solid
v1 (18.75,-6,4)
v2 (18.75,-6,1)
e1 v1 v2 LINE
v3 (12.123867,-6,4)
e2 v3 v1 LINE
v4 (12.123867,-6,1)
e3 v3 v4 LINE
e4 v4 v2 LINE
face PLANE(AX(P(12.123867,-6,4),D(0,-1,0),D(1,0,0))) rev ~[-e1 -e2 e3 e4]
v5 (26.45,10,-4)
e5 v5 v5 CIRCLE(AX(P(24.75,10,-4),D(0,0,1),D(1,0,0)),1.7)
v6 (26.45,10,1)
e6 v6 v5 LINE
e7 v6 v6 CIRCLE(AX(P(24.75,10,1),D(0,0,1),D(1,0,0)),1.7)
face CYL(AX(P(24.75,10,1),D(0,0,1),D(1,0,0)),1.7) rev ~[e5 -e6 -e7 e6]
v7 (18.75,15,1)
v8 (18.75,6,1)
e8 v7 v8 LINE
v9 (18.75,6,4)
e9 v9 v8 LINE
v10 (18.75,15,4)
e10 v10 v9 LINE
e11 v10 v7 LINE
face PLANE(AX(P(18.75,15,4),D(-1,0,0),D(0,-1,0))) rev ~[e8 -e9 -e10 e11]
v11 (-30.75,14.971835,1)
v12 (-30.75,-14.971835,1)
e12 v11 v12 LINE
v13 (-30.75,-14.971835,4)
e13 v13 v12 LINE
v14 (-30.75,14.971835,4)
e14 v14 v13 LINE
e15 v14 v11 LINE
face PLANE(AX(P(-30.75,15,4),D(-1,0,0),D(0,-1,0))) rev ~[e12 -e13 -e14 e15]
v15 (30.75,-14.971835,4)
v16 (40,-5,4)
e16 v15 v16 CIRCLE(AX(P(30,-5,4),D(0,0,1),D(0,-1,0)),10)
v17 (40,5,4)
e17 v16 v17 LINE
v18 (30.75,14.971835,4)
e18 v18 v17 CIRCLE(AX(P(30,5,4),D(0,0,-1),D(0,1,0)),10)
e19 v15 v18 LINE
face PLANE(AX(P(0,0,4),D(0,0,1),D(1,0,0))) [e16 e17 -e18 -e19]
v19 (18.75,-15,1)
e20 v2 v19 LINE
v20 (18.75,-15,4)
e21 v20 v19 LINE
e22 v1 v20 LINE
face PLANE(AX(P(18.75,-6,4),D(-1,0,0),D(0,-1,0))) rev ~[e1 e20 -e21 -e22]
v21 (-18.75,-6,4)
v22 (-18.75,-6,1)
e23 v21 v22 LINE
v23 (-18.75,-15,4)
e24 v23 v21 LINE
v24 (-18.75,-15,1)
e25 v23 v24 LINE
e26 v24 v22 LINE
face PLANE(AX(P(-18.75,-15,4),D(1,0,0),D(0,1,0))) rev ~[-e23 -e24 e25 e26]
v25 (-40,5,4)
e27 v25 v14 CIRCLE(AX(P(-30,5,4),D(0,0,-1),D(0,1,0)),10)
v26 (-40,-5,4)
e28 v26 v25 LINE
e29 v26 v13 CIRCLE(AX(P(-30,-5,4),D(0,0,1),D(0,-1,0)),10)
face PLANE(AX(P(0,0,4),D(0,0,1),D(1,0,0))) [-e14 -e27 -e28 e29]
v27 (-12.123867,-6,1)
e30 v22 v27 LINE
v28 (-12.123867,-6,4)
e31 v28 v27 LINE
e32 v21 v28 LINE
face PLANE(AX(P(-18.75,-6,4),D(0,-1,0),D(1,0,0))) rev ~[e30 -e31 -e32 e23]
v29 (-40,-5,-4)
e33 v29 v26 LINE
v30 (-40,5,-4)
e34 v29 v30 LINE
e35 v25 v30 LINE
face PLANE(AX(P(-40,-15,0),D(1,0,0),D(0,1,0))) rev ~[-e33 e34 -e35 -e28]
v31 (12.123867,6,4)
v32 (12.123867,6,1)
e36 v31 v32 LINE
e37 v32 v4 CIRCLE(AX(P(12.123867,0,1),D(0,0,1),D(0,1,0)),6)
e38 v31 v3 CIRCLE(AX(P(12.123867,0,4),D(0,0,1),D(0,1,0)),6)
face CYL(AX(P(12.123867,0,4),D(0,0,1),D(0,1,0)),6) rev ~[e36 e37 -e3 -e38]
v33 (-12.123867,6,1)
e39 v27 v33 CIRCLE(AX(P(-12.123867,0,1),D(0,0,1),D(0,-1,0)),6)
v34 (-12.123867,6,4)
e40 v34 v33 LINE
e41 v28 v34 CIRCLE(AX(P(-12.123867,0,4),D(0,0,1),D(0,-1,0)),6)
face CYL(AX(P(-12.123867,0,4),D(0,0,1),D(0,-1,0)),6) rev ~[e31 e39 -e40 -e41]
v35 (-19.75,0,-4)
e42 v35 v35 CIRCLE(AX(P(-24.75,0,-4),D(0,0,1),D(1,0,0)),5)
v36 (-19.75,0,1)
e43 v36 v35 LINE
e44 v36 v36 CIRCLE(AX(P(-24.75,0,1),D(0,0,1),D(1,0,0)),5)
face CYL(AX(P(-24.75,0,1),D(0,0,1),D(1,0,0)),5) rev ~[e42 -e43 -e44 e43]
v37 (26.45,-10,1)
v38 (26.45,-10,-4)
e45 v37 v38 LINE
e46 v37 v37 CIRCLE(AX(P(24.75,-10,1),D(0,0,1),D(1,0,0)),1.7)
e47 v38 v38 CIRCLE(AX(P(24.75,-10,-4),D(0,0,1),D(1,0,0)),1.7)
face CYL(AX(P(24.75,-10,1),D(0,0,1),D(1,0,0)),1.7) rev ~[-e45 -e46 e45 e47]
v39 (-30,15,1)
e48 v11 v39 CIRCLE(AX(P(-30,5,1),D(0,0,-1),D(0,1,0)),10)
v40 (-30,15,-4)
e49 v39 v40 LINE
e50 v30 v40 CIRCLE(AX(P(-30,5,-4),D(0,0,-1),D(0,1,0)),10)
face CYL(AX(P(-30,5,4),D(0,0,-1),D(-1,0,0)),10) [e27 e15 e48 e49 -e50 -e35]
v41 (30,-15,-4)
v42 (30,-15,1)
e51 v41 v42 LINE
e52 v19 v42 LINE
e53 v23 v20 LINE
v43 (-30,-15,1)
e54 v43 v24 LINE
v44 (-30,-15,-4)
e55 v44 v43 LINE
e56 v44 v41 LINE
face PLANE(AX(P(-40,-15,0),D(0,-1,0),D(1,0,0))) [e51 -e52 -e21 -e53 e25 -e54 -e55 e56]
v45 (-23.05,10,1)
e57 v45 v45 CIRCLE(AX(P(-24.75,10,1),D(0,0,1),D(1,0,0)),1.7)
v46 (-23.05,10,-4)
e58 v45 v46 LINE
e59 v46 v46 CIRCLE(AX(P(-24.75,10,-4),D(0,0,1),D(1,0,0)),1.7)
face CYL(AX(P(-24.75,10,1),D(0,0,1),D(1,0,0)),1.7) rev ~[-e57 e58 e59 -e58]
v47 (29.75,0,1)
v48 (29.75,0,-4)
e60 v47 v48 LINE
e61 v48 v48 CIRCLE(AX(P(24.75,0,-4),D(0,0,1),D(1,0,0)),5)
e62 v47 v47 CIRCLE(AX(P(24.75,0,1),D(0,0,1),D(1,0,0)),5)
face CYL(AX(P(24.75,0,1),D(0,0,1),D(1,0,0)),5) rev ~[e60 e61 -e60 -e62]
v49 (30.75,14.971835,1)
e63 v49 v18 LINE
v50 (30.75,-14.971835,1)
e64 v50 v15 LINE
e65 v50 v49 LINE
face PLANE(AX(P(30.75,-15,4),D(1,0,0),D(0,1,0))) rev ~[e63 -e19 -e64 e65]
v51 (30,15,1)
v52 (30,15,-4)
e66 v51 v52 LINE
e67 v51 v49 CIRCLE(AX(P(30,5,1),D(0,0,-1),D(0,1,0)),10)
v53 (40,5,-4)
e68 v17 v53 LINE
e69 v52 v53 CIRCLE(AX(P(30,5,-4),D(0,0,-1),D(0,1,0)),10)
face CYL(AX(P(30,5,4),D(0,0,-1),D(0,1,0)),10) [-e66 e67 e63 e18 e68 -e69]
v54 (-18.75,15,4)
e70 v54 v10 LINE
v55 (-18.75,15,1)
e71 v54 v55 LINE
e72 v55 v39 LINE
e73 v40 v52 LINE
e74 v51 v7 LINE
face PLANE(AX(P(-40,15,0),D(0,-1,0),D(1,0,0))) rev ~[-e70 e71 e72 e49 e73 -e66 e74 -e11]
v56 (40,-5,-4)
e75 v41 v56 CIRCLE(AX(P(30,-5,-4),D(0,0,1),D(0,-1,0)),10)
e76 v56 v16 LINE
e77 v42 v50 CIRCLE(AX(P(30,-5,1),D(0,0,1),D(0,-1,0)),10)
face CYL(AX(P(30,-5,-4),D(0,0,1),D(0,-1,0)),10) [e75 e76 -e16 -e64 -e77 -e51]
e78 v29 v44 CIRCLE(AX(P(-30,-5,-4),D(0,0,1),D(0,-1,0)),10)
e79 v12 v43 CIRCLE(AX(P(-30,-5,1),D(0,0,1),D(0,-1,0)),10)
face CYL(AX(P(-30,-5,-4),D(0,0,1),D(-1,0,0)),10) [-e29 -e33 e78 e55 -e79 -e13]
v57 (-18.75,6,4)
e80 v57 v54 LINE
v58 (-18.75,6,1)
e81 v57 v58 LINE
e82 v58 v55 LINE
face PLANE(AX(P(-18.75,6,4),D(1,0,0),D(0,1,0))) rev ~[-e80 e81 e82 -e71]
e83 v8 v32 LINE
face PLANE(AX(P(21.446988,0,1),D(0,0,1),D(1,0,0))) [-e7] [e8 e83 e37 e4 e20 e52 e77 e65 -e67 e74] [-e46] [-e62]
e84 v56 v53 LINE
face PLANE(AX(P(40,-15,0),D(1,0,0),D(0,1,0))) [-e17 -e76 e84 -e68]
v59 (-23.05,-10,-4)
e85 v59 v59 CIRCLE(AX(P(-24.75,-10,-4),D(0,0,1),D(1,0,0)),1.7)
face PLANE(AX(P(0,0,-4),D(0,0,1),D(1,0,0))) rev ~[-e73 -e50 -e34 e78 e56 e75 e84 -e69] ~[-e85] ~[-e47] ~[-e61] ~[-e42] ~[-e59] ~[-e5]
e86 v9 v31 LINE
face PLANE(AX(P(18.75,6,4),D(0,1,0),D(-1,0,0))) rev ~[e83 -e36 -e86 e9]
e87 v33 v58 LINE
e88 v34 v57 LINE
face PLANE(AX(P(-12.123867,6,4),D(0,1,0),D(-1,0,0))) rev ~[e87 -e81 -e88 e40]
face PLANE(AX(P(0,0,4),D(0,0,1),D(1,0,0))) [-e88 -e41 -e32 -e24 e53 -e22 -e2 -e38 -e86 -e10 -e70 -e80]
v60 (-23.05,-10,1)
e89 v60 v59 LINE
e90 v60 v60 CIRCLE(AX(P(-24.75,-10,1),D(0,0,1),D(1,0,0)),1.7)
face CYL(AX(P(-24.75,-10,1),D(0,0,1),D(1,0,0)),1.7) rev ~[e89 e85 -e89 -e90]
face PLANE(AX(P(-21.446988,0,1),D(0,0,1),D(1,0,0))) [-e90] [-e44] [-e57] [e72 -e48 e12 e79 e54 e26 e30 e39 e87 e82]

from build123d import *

# Parameters (mm, degrees)
F0_W     = 80
F0_H     = 30
F1_DEPTH = 4
F3_DEPTH = 3
F4_R     = 5
F4_R_2   = 1.7
F5_DEPTH = 5.001
F6_R     = 10


with BuildPart() as f1:
    # F0 (on Top) → F1 (new body, symmetric)
    with BuildSketch(Plane.XY):
        Rectangle(F0_W, F0_H)
    extrude(amount=F1_DEPTH, both=True)

    # F2 (on face) → F3 (cut)
    with BuildSketch(Plane.XY.offset(4)):
        with BuildLine():
            Line((-18.75, 15), (-30.75, 15))
            Line((-30.75, 15), (-30.75, 7.605669))
            Line((-30.75, 7.605669), (-30.75, -15))
            Line((-30.75, -15), (-18.75, -15))
            Line((-18.75, -15), (-18.75, -6))
            Line((-18.75, -6), (-12.123867, -6))
            ThreePointArc((-12.123867, -6), (-6.123867, 0), (-12.123867, 6))
            Line((-12.123867, 6), (-18.75, 6))
            Line((-18.75, 6), (-18.75, 15))
        make_face()
        with BuildLine():
            Line((30.75, -15), (30.75, 15))
            Line((30.75, 15), (18.75, 15))
            Line((18.75, 15), (18.75, 6))
            Line((18.75, 6), (12.123867, 6))
            ThreePointArc((12.123867, 6), (6.123867, 0), (12.123867, -6))
            Line((12.123867, -6), (18.75, -6))
            Line((18.75, -6), (18.75, -15))
            Line((18.75, -15), (30.75, -15))
        make_face()
    extrude(amount=-F3_DEPTH, mode=Mode.SUBTRACT)

    # F4 (on face) → F5 (cut, through all)
    with BuildSketch(Plane.XY.offset(1)):
        with Locations((-24.75, 0)):
            Circle(F4_R)
        with Locations((-24.75, 10)):
            Circle(F4_R_2)
        with Locations((-24.75, -10)):
            Circle(F4_R_2)
        with Locations((24.75, 10)):
            Circle(F4_R_2)
        with Locations((24.75, 0)):
            Circle(F4_R)
        with Locations((24.75, -10)):
            Circle(F4_R_2)
    extrude(amount=-F5_DEPTH, mode=Mode.SUBTRACT)

    # F6
    f6_edges = [f1.edges().sort_by_distance(p)[0] for p in [
        (-40, 15, 0),
        (-40, -15, 0),
        (40, 15, 0),
        (40, -15, 0),
    ]]
    fillet(f6_edges, radius=F6_R)


solid = f1.part
